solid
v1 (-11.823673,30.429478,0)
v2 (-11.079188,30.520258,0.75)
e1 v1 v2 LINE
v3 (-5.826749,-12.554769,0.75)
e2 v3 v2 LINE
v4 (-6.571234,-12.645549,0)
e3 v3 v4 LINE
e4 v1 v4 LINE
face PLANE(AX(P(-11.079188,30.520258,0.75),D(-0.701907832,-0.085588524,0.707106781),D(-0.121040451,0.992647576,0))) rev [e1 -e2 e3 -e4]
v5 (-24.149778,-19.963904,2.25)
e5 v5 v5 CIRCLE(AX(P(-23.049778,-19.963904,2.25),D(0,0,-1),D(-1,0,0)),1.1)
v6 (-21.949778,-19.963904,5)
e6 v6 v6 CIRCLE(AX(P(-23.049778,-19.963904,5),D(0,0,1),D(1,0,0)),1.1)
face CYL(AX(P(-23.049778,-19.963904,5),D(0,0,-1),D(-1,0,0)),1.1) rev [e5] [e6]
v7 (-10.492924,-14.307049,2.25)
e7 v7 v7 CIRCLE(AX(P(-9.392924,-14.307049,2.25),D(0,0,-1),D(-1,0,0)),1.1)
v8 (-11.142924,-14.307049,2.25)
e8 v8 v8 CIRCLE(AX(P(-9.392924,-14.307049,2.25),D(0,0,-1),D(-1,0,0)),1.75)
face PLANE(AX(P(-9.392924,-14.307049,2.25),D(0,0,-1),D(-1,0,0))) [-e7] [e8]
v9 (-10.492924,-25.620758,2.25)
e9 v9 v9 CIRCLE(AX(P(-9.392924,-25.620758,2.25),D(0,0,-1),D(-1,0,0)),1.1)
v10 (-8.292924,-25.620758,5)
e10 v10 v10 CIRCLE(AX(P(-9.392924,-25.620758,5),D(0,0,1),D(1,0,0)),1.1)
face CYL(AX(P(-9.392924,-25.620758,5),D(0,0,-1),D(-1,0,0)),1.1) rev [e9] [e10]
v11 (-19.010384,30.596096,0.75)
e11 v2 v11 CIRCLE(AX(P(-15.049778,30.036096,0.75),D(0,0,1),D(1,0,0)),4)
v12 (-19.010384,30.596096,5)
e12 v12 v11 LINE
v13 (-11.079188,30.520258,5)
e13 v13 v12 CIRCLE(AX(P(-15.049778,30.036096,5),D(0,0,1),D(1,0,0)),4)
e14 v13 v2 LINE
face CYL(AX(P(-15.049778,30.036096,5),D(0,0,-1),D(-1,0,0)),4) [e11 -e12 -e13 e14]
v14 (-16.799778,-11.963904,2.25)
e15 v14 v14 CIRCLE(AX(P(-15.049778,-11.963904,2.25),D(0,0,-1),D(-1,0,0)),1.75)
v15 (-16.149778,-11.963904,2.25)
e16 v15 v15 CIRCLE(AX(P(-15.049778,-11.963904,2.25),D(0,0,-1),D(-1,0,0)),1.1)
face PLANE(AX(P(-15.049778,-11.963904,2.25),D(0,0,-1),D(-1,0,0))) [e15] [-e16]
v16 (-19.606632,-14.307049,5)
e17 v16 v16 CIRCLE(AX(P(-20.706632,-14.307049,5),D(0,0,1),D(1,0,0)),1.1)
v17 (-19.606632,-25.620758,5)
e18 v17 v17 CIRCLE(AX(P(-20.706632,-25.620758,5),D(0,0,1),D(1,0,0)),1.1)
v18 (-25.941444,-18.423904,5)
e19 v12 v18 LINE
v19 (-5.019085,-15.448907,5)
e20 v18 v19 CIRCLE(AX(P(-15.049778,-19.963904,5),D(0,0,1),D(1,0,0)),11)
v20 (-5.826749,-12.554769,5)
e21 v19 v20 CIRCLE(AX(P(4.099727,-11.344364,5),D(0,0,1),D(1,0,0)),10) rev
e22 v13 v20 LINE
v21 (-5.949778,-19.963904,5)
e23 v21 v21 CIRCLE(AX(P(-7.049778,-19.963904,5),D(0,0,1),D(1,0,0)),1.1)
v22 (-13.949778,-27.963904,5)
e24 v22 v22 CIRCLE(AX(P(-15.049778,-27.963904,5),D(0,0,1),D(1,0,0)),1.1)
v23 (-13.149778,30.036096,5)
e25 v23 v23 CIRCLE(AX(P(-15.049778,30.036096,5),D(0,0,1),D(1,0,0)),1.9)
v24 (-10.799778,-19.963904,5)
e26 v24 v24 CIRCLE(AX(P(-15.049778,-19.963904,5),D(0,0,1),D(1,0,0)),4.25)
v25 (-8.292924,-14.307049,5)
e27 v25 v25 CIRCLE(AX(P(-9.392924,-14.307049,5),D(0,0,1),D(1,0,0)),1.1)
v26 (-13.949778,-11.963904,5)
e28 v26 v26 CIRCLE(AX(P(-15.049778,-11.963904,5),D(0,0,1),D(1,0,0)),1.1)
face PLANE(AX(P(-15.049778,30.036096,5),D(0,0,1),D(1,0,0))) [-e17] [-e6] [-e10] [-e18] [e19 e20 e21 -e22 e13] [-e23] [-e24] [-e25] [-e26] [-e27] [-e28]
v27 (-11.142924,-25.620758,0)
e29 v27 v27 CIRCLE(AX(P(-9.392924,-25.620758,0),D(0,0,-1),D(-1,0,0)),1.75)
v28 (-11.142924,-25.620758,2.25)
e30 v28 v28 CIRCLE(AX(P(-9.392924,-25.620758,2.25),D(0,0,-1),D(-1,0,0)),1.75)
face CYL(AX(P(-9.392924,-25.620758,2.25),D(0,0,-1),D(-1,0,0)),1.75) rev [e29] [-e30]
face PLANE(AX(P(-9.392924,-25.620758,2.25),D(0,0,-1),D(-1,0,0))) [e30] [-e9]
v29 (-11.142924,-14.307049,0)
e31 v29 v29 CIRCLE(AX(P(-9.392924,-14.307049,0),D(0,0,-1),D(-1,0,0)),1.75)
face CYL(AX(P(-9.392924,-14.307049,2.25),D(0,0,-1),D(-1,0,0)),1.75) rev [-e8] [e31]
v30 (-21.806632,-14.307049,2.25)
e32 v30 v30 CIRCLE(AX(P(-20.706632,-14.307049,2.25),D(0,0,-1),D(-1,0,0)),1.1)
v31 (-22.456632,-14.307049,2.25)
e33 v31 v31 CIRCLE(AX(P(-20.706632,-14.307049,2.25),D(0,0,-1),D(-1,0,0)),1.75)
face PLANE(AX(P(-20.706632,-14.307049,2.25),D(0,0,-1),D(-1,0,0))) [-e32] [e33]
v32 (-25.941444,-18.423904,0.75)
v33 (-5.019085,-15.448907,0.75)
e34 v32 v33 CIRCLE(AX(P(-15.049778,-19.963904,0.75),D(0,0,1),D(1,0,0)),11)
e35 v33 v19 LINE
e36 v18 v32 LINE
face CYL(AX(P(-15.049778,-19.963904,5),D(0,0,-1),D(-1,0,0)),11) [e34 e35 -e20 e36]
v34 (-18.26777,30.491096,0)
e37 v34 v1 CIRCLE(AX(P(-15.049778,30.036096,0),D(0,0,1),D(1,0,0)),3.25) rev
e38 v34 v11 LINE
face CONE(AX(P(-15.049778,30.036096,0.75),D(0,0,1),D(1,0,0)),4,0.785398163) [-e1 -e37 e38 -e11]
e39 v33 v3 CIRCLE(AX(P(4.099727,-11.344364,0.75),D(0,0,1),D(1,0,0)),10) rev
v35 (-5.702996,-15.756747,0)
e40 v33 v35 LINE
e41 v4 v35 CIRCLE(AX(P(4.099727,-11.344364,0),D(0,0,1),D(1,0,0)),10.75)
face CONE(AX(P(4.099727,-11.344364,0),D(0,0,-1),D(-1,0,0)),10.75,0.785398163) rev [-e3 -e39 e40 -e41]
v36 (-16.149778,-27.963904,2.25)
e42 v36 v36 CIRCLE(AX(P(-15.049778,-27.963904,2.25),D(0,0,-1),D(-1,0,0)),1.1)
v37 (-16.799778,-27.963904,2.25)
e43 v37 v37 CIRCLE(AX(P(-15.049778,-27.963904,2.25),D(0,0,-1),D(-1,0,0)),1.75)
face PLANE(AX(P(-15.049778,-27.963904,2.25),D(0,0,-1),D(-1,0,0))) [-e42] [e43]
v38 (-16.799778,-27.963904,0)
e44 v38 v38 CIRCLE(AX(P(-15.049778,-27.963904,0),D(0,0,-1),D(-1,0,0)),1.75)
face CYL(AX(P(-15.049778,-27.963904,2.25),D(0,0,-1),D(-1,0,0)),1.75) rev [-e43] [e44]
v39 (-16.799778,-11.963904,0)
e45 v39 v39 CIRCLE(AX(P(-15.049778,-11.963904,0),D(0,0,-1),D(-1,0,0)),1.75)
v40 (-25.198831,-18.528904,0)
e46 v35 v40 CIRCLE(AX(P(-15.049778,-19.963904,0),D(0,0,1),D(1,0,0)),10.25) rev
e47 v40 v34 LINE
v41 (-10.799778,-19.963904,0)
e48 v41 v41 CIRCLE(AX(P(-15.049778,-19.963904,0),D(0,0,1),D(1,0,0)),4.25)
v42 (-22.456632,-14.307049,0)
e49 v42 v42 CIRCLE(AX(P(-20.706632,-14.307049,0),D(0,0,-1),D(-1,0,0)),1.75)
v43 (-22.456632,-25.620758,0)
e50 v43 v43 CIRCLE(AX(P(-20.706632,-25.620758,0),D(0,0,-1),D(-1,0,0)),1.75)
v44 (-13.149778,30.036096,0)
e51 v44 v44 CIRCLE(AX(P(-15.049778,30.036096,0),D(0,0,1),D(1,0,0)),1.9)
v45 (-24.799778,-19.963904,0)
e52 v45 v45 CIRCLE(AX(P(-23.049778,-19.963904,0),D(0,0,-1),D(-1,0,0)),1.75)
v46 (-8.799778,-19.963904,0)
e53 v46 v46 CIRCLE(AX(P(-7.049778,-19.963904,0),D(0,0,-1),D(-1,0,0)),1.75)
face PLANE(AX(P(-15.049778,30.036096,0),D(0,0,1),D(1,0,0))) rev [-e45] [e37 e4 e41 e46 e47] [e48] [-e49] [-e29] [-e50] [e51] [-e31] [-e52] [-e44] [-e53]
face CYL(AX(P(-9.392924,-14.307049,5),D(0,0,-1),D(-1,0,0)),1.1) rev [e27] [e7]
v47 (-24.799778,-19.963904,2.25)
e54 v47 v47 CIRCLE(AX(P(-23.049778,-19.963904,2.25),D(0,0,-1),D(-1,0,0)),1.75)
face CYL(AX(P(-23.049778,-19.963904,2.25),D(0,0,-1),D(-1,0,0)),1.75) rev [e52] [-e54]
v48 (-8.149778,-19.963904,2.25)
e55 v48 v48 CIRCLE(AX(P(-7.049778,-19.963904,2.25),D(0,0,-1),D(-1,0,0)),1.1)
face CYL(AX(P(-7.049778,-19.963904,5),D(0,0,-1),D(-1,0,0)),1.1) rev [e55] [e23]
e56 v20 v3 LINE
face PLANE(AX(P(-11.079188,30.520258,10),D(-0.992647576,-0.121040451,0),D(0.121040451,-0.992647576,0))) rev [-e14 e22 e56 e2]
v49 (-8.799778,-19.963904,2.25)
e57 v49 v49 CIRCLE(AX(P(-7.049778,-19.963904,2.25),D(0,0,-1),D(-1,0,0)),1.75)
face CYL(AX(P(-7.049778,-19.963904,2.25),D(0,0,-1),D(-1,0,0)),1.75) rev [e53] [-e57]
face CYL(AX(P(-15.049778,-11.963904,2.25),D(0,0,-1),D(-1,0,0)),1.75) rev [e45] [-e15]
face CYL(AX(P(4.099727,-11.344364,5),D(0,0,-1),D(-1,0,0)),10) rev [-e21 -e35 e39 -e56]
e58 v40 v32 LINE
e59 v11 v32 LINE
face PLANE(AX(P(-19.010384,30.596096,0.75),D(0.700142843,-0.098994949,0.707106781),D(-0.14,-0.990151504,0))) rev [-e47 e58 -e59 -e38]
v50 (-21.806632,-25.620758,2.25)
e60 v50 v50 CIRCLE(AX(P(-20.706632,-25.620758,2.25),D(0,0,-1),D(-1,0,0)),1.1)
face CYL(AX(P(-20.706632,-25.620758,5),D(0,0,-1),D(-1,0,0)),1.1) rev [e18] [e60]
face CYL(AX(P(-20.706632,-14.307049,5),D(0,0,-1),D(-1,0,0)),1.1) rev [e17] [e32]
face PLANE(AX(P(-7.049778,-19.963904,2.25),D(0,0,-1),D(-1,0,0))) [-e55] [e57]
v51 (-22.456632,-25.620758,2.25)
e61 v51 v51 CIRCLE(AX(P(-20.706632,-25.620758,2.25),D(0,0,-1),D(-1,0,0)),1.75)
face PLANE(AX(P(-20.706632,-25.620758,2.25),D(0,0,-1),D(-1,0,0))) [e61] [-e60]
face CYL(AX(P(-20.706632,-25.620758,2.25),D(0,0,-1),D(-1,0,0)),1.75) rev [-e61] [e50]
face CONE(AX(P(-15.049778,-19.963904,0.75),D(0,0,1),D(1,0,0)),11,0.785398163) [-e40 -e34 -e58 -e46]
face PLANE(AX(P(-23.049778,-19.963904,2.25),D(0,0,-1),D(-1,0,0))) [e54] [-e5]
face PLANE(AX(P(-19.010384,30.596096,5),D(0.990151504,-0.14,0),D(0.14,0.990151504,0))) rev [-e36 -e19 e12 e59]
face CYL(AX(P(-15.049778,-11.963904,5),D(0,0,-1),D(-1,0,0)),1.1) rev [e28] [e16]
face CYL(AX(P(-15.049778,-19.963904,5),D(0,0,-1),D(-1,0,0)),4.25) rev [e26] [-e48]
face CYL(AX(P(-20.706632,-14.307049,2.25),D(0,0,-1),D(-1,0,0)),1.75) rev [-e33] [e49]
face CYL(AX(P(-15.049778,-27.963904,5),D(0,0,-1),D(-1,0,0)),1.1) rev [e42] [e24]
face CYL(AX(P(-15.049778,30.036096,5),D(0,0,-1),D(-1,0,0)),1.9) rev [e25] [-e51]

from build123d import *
from build123d.topology import SkipClean

# Parameters (mm, degrees)
SKETCH1_R             = 1.9
SKETCH1_R_2           = 4.25
SKETCH1_R_3           = 1.1
BOSS_EXTRUDE1_DEPTH   = 5
SKETCH4_R             = 1.75
CUT_EXTRUDE3_DEPTH    = 2.25
CORTAR_EXTRUIR1_DEPTH = 10
REDONDEO1_R           = 10
CHAFL_N1_SIZE         = 0.75


with BuildPart() as part:
    # Sketch1 → Boss-Extrude1 (new body)
    with BuildSketch(Plane.XY):
        with BuildLine():
            Line((-19.01038383, 30.596096398), (-25.941444355, -18.423903602))
            ThreePointArc((-25.941444355, -18.423903602), (-15.049777816, -30.963903602), (-4.158111277, -18.423903602))
            Line((-4.158111277, -18.423903602), (-11.089171801, 30.596096398))
            ThreePointArc((-11.089171801, 30.596096398), (-15.049777816, 34.036096398), (-19.01038383, 30.596096398))
        make_face()
        with Locations((-15.049777816, 30.036096398)):
            Circle(SKETCH1_R, mode=Mode.SUBTRACT)
        with Locations((-15.049777816, -19.963903602)):
            Circle(SKETCH1_R_2, mode=Mode.SUBTRACT)
        with Locations((-7.049777816, -19.963903602)):
            Circle(SKETCH1_R_3, mode=Mode.SUBTRACT)
        with Locations((-9.392923566, -25.620757851)):
            Circle(SKETCH1_R_3, mode=Mode.SUBTRACT)
        with Locations((-15.049777816, -27.963903602)):
            Circle(SKETCH1_R_3, mode=Mode.SUBTRACT)
        with Locations((-20.706632065, -25.620757851)):
            Circle(SKETCH1_R_3, mode=Mode.SUBTRACT)
        with Locations((-23.049777816, -19.963903602)):
            Circle(SKETCH1_R_3, mode=Mode.SUBTRACT)
        with Locations((-20.706632065, -14.307049352)):
            Circle(SKETCH1_R_3, mode=Mode.SUBTRACT)
        with Locations((-15.049777816, -11.963903602)):
            Circle(SKETCH1_R_3, mode=Mode.SUBTRACT)
        with Locations((-9.392923566, -14.307049352)):
            Circle(SKETCH1_R_3, mode=Mode.SUBTRACT)
    extrude(amount=BOSS_EXTRUDE1_DEPTH)

    # Sketch4 → Cut-Extrude3 (cut)
    with BuildSketch(Plane(origin=(0, 0, 0), x_dir=(-1, 0, 0), z_dir=(0, 0, -1))):
        with Locations((23.049777816, -19.963903602)):
            Circle(SKETCH4_R)
        with Locations((20.706632065, -25.620757851)):
            Circle(SKETCH4_R)
        with Locations((15.049777816, -27.963903602)):
            Circle(SKETCH4_R)
        with Locations((9.392923566, -25.620757851)):
            Circle(SKETCH4_R)
        with Locations((7.049777816, -19.963903602)):
            Circle(SKETCH4_R)
        with Locations((9.392923566, -14.307049352)):
            Circle(SKETCH4_R)
        with Locations((15.049777816, -11.963903602)):
            Circle(SKETCH4_R)
        with Locations((20.706632065, -14.307049352)):
            Circle(SKETCH4_R)
    extrude(amount=-CUT_EXTRUDE3_DEPTH, mode=Mode.SUBTRACT)

    # Croquis1 → Cortar-Extruir1 (cut)
    with SkipClean():  # the faces are left unmerged after this step: merging them gives an invalid solid
        with BuildSketch(Plane(origin=(0, 0, 0), x_dir=(-1, 0, 0), z_dir=(0, 0, -1))):
            with BuildLine():
                Line((11.079187514, 30.520258202), (5.612387004, -14.312739592))
                ThreePointArc((5.612387004, -14.312739592), (4.679480782, -16.295533469), (4.158111277, -18.423903602))
                Line((4.158111277, -18.423903602), (11.089171801, 30.596096398))
                ThreePointArc((11.089171801, 30.596096398), (11.08399837, 30.558201167), (11.079187514, 30.520258202))
            make_face()
        extrude(amount=-CORTAR_EXTRUIR1_DEPTH, mode=Mode.SUBTRACT)

    # Redondeo1
    redondeo1_edges = [part.edges().sort_by_distance(p)[0] for p in [
        (-5.612387004, -14.312739592, 2.5),
    ]]
    fillet(redondeo1_edges, radius=REDONDEO1_R)

    # Chaflán1
    chafl_n1_edges = [part.edges().sort_by_distance(p)[0] for p in [
        (-8.452968104, 8.982744848, 0),
        (-5.532238153, -14.032345791, 0),
        (-15.049777816, -30.963903602, 0),
        (-22.475914092, 6.086096398, 0),
        (-15.049777816, 34.036096398, 0),
    ]]
    chamfer(chafl_n1_edges, length=CHAFL_N1_SIZE)


solid = part.part
